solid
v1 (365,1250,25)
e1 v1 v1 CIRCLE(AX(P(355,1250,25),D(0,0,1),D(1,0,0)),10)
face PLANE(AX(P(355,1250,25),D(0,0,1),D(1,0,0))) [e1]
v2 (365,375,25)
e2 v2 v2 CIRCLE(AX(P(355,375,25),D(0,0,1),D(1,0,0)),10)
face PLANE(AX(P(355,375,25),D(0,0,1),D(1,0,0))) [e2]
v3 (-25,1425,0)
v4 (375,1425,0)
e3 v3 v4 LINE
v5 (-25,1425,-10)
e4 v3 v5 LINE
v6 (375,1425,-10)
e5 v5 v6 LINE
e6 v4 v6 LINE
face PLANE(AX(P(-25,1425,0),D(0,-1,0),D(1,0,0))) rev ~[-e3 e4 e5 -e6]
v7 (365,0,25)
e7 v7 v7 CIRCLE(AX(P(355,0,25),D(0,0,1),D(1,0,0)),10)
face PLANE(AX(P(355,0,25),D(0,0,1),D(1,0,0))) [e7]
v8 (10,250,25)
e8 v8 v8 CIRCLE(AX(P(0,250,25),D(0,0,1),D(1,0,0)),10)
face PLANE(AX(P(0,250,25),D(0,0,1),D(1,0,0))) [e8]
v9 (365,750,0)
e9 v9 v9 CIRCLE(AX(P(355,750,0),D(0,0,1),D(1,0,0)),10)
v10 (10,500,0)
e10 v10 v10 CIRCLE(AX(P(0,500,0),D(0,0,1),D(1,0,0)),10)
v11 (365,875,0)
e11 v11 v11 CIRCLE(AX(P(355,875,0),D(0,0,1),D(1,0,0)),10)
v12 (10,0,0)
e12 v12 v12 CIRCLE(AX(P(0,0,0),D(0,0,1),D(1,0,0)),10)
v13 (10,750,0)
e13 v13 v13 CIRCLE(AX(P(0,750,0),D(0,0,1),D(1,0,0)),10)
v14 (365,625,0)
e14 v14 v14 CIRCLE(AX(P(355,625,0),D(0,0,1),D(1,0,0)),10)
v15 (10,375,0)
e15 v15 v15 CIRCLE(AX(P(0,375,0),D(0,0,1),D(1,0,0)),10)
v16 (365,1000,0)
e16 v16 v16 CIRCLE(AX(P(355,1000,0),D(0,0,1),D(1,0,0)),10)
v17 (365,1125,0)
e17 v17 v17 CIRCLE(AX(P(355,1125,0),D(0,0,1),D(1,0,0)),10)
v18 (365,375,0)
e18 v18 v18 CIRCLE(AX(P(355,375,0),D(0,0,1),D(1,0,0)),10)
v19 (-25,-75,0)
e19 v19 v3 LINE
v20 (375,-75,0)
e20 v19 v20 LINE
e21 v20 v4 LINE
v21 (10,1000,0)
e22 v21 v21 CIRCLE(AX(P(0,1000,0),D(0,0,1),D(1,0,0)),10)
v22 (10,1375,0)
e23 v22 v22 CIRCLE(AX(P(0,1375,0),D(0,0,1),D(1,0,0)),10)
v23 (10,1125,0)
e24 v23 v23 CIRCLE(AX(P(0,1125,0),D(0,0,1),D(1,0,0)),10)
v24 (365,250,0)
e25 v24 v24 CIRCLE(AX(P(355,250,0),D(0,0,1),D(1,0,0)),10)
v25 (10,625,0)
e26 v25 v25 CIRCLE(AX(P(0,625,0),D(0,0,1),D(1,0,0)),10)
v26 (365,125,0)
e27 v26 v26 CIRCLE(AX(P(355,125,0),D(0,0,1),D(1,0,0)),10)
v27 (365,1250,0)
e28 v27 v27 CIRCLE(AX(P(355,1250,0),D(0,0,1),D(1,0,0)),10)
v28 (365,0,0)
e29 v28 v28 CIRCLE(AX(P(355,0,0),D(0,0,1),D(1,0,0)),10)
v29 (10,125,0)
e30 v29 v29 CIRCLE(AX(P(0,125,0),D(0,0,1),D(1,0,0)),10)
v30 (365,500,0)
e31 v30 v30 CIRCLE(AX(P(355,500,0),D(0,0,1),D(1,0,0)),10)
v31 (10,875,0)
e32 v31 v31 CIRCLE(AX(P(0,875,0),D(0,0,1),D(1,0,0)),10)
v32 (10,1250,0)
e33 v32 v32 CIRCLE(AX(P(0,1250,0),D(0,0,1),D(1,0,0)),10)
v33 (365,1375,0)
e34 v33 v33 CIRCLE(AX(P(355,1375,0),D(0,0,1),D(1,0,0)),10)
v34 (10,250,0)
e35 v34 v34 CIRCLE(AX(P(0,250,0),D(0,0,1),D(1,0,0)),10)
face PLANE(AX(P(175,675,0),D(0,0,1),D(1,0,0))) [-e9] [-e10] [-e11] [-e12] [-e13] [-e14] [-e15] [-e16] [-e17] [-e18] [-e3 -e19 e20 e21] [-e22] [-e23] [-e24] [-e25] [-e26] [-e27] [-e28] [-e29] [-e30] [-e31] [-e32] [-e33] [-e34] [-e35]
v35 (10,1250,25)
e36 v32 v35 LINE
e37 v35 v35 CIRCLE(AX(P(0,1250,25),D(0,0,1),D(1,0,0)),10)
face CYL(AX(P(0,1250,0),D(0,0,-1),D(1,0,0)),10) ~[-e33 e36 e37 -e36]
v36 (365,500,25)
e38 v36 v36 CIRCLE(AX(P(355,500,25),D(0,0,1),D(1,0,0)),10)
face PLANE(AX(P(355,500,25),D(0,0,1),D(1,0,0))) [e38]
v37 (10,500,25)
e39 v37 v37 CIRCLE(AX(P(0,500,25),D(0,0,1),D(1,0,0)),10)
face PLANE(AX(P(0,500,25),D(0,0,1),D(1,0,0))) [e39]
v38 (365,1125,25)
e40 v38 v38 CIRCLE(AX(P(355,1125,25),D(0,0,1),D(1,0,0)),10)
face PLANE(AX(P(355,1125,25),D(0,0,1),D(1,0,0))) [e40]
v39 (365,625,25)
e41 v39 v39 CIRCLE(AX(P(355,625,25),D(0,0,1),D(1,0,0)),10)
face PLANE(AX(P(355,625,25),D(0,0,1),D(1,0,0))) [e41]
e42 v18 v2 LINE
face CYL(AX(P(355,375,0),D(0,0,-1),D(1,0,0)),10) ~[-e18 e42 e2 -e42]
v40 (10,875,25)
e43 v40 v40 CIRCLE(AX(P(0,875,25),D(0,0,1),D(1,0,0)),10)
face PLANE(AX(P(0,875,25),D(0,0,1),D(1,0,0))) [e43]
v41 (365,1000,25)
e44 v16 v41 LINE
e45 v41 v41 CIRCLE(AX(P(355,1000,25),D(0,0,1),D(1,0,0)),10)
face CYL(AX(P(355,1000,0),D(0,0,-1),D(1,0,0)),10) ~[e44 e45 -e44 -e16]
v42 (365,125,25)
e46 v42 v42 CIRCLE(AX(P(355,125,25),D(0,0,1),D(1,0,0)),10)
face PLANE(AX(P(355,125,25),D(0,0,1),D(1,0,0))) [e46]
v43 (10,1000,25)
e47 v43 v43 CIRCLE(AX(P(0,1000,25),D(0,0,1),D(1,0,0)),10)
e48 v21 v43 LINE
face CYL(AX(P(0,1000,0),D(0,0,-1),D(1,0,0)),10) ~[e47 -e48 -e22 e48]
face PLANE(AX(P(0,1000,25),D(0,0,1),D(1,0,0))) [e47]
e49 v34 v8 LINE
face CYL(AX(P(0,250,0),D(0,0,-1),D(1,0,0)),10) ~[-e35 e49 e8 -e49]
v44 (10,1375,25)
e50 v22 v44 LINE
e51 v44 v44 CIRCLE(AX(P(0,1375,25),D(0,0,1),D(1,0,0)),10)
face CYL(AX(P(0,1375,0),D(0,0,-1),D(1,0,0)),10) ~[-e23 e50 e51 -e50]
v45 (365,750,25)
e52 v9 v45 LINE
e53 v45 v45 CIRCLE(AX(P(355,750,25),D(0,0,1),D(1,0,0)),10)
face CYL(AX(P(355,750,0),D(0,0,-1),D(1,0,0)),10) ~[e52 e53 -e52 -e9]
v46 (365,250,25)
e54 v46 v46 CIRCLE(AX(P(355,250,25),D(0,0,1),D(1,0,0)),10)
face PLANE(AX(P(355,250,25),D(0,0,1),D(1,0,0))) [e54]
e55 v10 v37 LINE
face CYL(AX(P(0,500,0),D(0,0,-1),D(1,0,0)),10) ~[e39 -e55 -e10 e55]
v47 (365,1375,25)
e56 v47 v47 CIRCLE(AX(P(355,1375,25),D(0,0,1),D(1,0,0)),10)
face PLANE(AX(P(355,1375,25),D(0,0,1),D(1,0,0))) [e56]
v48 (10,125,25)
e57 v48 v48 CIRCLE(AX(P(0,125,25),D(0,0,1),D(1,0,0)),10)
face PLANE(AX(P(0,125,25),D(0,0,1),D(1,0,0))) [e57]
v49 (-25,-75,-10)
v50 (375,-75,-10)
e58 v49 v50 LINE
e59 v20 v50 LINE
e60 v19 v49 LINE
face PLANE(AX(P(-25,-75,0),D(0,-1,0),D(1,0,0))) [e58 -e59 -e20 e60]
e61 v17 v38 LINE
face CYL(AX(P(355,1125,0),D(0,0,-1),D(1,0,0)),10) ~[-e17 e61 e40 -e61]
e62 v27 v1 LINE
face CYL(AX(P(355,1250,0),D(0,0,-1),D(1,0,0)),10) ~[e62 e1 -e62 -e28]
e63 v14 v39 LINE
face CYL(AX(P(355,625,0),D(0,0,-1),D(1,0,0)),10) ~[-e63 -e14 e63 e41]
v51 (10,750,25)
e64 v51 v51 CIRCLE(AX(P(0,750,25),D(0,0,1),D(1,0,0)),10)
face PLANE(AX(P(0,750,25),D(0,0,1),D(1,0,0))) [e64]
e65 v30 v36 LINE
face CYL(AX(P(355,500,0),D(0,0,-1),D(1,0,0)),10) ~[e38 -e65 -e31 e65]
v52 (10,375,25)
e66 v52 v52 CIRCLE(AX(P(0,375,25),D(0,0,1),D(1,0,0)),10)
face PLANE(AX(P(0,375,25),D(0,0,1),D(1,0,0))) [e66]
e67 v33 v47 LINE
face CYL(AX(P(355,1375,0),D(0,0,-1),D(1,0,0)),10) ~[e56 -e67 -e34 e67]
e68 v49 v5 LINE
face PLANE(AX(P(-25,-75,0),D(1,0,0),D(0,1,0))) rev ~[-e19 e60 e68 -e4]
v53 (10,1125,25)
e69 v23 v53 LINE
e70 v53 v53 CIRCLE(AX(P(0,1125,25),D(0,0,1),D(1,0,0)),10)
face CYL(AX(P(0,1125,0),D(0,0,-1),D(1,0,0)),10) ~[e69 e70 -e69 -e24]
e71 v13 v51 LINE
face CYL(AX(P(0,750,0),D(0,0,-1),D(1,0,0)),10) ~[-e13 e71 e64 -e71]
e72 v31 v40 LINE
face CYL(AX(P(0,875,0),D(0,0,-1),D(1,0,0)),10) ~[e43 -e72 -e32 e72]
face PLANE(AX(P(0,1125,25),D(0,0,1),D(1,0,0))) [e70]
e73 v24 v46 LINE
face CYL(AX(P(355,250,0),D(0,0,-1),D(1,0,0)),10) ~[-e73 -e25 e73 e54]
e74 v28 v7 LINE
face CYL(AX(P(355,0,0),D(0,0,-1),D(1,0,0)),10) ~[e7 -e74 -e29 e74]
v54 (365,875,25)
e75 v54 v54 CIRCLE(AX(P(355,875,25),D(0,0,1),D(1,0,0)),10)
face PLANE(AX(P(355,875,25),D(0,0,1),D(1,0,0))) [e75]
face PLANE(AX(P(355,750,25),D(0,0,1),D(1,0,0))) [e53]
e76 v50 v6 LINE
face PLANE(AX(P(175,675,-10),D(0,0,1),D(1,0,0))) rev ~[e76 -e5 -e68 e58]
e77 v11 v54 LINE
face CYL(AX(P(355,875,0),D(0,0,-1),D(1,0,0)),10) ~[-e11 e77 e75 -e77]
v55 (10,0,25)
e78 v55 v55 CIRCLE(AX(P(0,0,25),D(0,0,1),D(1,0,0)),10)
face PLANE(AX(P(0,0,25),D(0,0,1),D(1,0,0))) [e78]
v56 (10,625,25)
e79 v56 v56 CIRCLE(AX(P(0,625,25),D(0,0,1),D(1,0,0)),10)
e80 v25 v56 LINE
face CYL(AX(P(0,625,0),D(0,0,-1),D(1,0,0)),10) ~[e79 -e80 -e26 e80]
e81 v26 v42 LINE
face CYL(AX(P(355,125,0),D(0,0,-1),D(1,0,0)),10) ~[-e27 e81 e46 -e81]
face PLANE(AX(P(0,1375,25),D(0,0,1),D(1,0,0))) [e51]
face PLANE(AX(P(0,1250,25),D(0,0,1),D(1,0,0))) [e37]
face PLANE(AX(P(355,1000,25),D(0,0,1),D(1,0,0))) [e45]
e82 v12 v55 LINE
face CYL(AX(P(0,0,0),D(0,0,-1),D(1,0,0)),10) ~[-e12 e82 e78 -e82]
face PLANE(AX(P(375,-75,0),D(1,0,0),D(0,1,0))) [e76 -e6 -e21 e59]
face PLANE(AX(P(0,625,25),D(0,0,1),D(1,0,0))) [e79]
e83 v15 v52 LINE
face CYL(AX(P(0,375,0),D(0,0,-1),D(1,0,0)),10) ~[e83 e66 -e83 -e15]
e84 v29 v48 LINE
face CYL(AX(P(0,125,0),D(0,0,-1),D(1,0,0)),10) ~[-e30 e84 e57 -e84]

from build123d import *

# Parameters (mm, degrees)
F1_W     = 400
F1_H     = 1500
F2_DEPTH = 10
F0_R     = 10
F3_DEPTH = 25


with BuildPart() as f2:
    # F1 (on Top) → F2 (new body)
    with BuildSketch(Plane.XY):
        with Locations((175, 675)):
            Rectangle(F1_W, F1_H)
    extrude(amount=-F2_DEPTH)

    # F0 (on Top) → F3 (join)
    with BuildSketch(Plane.XY):
        Circle(F0_R)
        with Locations((0, 125)):
            Circle(F0_R)
        with Locations((0, 250)):
            Circle(F0_R)
        with Locations((0, 375)):
            Circle(F0_R)
        with Locations((0, 500)):
            Circle(F0_R)
        with Locations((0, 625)):
            Circle(F0_R)
        with Locations((0, 750)):
            Circle(F0_R)
        with Locations((0, 875)):
            Circle(F0_R)
        with Locations((0, 1000)):
            Circle(F0_R)
        with Locations((0, 1125)):
            Circle(F0_R)
        with Locations((0, 1250)):
            Circle(F0_R)
        with Locations((0, 1375)):
            Circle(F0_R)
        with Locations((355, 0)):
            Circle(F0_R)
        with Locations((355, 125)):
            Circle(F0_R)
        with Locations((355, 250)):
            Circle(F0_R)
        with Locations((355, 375)):
            Circle(F0_R)
        with Locations((355, 500)):
            Circle(F0_R)
        with Locations((355, 625)):
            Circle(F0_R)
        with Locations((355, 750)):
            Circle(F0_R)
        with Locations((355, 875)):
            Circle(F0_R)
        with Locations((355, 1000)):
            Circle(F0_R)
        with Locations((355, 1125)):
            Circle(F0_R)
        with Locations((355, 1250)):
            Circle(F0_R)
        with Locations((355, 1375)):
            Circle(F0_R)
    extrude(amount=F3_DEPTH)


solid = f2.part
